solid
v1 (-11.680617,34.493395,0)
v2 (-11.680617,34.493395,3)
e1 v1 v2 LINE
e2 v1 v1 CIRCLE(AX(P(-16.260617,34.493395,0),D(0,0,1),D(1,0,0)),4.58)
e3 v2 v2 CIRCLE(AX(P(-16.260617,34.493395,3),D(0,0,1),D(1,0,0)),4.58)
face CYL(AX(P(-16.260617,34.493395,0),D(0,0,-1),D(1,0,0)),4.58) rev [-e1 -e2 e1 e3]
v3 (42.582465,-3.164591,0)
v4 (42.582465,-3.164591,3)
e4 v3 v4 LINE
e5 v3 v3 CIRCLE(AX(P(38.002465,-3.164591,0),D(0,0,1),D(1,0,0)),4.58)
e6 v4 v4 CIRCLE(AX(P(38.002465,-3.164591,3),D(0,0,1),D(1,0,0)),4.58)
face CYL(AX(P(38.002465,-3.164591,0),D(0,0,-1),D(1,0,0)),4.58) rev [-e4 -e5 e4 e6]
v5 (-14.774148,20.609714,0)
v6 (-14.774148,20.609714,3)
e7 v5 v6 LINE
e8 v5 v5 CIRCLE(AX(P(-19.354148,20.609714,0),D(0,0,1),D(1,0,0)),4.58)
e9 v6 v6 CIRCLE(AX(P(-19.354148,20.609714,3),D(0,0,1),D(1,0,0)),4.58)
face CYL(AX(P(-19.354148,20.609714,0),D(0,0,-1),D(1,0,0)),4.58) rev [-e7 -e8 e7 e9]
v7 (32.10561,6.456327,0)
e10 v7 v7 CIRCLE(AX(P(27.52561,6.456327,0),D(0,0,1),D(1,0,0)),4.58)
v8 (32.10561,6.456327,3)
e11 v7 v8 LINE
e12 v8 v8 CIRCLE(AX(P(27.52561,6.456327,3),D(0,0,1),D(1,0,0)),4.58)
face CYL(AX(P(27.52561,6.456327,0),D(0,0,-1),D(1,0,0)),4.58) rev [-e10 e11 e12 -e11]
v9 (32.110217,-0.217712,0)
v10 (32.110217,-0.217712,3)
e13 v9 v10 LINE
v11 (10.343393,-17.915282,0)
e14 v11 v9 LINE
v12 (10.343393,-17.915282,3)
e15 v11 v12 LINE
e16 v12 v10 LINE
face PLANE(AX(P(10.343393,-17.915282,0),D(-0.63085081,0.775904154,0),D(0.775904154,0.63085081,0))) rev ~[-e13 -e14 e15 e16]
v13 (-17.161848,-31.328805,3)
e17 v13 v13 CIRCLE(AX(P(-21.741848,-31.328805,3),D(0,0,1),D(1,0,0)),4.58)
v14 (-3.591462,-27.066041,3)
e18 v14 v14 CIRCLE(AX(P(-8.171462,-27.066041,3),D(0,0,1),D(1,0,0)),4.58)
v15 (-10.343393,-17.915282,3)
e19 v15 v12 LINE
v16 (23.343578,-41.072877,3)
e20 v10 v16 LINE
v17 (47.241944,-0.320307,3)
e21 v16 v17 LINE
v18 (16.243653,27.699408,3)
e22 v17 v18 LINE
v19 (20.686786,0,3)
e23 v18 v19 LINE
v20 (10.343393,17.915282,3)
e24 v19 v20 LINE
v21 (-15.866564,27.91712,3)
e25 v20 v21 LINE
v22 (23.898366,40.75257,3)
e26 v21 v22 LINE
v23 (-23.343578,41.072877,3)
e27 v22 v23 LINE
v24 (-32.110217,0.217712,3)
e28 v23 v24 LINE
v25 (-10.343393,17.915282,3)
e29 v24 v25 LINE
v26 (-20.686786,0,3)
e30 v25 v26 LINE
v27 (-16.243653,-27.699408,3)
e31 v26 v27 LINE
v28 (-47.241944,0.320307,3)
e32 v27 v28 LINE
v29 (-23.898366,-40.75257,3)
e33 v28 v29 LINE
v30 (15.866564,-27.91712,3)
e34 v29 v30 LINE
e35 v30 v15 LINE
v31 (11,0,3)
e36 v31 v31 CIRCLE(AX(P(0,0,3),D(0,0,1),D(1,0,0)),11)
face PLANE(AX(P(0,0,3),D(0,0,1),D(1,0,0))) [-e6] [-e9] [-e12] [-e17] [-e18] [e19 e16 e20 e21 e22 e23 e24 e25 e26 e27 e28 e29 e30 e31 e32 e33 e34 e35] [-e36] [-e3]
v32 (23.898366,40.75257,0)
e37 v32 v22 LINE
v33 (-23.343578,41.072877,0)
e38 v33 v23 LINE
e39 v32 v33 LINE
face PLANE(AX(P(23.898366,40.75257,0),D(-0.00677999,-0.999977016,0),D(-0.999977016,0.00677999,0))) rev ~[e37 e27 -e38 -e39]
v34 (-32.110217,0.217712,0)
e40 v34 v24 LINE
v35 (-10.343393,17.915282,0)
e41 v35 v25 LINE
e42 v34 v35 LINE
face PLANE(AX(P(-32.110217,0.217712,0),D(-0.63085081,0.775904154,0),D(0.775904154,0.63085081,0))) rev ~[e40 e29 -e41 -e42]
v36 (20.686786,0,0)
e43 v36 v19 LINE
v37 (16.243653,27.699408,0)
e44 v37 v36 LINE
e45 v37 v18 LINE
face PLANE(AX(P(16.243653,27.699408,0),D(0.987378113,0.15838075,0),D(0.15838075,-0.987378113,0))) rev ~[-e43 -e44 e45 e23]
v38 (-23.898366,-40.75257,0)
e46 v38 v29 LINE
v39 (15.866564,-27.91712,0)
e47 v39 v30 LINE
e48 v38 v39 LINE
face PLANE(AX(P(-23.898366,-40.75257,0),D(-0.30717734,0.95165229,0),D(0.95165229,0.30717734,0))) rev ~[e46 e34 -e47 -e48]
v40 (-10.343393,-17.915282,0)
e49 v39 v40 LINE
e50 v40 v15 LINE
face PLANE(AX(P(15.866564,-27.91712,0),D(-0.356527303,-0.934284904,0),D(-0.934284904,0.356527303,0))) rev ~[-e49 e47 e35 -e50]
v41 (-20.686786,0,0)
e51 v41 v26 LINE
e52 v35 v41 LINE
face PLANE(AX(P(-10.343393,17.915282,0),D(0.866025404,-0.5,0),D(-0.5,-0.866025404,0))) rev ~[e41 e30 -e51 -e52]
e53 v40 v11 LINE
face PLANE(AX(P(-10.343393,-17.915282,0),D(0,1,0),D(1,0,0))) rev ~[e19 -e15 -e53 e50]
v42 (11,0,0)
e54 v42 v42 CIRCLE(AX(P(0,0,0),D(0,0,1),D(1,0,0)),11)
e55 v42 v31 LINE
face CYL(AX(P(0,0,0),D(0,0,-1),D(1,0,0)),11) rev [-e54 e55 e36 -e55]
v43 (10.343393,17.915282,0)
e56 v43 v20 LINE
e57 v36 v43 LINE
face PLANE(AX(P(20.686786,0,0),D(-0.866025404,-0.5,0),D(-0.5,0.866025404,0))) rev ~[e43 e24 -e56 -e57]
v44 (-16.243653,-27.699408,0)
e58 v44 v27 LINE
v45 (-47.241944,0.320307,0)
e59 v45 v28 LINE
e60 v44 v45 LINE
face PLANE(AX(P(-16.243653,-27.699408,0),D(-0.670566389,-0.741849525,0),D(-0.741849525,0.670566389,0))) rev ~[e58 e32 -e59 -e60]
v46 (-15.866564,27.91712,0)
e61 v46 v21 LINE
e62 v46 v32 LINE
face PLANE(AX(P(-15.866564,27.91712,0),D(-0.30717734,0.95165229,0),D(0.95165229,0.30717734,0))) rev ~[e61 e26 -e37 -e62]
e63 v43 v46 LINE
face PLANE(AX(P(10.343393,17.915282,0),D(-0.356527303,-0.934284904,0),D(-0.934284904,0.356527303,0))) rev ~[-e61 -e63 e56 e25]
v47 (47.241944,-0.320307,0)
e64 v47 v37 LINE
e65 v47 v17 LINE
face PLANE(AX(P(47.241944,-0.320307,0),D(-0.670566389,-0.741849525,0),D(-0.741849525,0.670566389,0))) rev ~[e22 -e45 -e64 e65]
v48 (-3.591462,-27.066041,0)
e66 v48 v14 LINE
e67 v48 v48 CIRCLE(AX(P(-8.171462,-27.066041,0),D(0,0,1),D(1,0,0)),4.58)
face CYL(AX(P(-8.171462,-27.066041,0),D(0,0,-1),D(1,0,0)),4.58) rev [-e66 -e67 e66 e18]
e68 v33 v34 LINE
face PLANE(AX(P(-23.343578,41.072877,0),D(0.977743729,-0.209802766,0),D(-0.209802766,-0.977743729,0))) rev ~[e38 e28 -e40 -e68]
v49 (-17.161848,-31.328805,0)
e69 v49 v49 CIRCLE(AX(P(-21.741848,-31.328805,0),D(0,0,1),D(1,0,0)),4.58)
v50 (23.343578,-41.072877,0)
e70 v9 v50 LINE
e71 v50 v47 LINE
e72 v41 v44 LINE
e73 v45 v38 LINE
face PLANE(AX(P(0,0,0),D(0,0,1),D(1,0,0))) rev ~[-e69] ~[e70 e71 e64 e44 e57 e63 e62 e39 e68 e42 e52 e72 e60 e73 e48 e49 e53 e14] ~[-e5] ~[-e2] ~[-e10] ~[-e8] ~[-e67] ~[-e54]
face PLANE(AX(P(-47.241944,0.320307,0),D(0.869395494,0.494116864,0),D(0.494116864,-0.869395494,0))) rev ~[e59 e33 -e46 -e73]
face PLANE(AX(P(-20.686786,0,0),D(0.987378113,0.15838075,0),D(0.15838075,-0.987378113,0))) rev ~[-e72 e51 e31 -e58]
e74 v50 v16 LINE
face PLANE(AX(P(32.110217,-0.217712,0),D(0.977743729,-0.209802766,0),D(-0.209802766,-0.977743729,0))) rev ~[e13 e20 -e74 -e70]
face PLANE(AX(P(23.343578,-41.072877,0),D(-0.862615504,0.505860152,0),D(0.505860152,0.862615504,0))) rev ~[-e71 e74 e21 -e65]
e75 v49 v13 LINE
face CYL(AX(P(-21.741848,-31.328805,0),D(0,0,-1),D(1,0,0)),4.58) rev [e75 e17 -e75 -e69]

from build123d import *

# Parameters (mm, degrees)
F0_R     = 4.58
F0_R_2   = 11
F1_DEPTH = 3


with BuildPart() as f1:
    # F0 (on Top) → F1 (new body)
    with BuildSketch(Plane.XY):
        Polygon((-10.3433931154, -17.9152823985), (10.3433931154, -17.9152823985), (32.1102169209, -0.2177119583), (23.3435776075, -41.0728769962), (47.241943689, -0.3203072748), (16.2436525471, 27.6994075954), (20.6867862307, 0), (10.3433931154, 17.9152823985), (-15.8665643739, 27.9171195537), (23.8983660815, 40.7525697215), (-23.3435776075, 41.0728769962), (-32.1102169209, 0.2177119583), (-10.3433931154, 17.9152823985), (-20.6867862307, 0), (-16.2436525471, -27.6994075954), (-47.241943689, 0.3203072748), (-23.8983660815, -40.7525697215), (15.8665643739, -27.9171195537), align=None)
        with Locations((-21.741848439, -31.328804791)):
            Circle(F0_R, mode=Mode.SUBTRACT)
        with Locations((-8.1714619327, -27.0660405942)):
            Circle(F0_R, mode=Mode.SUBTRACT)
        Circle(F0_R_2, mode=Mode.SUBTRACT)
        with Locations((38.0024650387, -3.1645906779)):
            Circle(F0_R, mode=Mode.SUBTRACT)
        with Locations((-19.3541477681, 20.6097139168)):
            Circle(F0_R, mode=Mode.SUBTRACT)
        with Locations((-16.2606165997, 34.4933954689)):
            Circle(F0_R, mode=Mode.SUBTRACT)
        with Locations((27.5256097008, 6.4563266774)):
            Circle(F0_R, mode=Mode.SUBTRACT)
    extrude(amount=F1_DEPTH)


solid = f1.part
